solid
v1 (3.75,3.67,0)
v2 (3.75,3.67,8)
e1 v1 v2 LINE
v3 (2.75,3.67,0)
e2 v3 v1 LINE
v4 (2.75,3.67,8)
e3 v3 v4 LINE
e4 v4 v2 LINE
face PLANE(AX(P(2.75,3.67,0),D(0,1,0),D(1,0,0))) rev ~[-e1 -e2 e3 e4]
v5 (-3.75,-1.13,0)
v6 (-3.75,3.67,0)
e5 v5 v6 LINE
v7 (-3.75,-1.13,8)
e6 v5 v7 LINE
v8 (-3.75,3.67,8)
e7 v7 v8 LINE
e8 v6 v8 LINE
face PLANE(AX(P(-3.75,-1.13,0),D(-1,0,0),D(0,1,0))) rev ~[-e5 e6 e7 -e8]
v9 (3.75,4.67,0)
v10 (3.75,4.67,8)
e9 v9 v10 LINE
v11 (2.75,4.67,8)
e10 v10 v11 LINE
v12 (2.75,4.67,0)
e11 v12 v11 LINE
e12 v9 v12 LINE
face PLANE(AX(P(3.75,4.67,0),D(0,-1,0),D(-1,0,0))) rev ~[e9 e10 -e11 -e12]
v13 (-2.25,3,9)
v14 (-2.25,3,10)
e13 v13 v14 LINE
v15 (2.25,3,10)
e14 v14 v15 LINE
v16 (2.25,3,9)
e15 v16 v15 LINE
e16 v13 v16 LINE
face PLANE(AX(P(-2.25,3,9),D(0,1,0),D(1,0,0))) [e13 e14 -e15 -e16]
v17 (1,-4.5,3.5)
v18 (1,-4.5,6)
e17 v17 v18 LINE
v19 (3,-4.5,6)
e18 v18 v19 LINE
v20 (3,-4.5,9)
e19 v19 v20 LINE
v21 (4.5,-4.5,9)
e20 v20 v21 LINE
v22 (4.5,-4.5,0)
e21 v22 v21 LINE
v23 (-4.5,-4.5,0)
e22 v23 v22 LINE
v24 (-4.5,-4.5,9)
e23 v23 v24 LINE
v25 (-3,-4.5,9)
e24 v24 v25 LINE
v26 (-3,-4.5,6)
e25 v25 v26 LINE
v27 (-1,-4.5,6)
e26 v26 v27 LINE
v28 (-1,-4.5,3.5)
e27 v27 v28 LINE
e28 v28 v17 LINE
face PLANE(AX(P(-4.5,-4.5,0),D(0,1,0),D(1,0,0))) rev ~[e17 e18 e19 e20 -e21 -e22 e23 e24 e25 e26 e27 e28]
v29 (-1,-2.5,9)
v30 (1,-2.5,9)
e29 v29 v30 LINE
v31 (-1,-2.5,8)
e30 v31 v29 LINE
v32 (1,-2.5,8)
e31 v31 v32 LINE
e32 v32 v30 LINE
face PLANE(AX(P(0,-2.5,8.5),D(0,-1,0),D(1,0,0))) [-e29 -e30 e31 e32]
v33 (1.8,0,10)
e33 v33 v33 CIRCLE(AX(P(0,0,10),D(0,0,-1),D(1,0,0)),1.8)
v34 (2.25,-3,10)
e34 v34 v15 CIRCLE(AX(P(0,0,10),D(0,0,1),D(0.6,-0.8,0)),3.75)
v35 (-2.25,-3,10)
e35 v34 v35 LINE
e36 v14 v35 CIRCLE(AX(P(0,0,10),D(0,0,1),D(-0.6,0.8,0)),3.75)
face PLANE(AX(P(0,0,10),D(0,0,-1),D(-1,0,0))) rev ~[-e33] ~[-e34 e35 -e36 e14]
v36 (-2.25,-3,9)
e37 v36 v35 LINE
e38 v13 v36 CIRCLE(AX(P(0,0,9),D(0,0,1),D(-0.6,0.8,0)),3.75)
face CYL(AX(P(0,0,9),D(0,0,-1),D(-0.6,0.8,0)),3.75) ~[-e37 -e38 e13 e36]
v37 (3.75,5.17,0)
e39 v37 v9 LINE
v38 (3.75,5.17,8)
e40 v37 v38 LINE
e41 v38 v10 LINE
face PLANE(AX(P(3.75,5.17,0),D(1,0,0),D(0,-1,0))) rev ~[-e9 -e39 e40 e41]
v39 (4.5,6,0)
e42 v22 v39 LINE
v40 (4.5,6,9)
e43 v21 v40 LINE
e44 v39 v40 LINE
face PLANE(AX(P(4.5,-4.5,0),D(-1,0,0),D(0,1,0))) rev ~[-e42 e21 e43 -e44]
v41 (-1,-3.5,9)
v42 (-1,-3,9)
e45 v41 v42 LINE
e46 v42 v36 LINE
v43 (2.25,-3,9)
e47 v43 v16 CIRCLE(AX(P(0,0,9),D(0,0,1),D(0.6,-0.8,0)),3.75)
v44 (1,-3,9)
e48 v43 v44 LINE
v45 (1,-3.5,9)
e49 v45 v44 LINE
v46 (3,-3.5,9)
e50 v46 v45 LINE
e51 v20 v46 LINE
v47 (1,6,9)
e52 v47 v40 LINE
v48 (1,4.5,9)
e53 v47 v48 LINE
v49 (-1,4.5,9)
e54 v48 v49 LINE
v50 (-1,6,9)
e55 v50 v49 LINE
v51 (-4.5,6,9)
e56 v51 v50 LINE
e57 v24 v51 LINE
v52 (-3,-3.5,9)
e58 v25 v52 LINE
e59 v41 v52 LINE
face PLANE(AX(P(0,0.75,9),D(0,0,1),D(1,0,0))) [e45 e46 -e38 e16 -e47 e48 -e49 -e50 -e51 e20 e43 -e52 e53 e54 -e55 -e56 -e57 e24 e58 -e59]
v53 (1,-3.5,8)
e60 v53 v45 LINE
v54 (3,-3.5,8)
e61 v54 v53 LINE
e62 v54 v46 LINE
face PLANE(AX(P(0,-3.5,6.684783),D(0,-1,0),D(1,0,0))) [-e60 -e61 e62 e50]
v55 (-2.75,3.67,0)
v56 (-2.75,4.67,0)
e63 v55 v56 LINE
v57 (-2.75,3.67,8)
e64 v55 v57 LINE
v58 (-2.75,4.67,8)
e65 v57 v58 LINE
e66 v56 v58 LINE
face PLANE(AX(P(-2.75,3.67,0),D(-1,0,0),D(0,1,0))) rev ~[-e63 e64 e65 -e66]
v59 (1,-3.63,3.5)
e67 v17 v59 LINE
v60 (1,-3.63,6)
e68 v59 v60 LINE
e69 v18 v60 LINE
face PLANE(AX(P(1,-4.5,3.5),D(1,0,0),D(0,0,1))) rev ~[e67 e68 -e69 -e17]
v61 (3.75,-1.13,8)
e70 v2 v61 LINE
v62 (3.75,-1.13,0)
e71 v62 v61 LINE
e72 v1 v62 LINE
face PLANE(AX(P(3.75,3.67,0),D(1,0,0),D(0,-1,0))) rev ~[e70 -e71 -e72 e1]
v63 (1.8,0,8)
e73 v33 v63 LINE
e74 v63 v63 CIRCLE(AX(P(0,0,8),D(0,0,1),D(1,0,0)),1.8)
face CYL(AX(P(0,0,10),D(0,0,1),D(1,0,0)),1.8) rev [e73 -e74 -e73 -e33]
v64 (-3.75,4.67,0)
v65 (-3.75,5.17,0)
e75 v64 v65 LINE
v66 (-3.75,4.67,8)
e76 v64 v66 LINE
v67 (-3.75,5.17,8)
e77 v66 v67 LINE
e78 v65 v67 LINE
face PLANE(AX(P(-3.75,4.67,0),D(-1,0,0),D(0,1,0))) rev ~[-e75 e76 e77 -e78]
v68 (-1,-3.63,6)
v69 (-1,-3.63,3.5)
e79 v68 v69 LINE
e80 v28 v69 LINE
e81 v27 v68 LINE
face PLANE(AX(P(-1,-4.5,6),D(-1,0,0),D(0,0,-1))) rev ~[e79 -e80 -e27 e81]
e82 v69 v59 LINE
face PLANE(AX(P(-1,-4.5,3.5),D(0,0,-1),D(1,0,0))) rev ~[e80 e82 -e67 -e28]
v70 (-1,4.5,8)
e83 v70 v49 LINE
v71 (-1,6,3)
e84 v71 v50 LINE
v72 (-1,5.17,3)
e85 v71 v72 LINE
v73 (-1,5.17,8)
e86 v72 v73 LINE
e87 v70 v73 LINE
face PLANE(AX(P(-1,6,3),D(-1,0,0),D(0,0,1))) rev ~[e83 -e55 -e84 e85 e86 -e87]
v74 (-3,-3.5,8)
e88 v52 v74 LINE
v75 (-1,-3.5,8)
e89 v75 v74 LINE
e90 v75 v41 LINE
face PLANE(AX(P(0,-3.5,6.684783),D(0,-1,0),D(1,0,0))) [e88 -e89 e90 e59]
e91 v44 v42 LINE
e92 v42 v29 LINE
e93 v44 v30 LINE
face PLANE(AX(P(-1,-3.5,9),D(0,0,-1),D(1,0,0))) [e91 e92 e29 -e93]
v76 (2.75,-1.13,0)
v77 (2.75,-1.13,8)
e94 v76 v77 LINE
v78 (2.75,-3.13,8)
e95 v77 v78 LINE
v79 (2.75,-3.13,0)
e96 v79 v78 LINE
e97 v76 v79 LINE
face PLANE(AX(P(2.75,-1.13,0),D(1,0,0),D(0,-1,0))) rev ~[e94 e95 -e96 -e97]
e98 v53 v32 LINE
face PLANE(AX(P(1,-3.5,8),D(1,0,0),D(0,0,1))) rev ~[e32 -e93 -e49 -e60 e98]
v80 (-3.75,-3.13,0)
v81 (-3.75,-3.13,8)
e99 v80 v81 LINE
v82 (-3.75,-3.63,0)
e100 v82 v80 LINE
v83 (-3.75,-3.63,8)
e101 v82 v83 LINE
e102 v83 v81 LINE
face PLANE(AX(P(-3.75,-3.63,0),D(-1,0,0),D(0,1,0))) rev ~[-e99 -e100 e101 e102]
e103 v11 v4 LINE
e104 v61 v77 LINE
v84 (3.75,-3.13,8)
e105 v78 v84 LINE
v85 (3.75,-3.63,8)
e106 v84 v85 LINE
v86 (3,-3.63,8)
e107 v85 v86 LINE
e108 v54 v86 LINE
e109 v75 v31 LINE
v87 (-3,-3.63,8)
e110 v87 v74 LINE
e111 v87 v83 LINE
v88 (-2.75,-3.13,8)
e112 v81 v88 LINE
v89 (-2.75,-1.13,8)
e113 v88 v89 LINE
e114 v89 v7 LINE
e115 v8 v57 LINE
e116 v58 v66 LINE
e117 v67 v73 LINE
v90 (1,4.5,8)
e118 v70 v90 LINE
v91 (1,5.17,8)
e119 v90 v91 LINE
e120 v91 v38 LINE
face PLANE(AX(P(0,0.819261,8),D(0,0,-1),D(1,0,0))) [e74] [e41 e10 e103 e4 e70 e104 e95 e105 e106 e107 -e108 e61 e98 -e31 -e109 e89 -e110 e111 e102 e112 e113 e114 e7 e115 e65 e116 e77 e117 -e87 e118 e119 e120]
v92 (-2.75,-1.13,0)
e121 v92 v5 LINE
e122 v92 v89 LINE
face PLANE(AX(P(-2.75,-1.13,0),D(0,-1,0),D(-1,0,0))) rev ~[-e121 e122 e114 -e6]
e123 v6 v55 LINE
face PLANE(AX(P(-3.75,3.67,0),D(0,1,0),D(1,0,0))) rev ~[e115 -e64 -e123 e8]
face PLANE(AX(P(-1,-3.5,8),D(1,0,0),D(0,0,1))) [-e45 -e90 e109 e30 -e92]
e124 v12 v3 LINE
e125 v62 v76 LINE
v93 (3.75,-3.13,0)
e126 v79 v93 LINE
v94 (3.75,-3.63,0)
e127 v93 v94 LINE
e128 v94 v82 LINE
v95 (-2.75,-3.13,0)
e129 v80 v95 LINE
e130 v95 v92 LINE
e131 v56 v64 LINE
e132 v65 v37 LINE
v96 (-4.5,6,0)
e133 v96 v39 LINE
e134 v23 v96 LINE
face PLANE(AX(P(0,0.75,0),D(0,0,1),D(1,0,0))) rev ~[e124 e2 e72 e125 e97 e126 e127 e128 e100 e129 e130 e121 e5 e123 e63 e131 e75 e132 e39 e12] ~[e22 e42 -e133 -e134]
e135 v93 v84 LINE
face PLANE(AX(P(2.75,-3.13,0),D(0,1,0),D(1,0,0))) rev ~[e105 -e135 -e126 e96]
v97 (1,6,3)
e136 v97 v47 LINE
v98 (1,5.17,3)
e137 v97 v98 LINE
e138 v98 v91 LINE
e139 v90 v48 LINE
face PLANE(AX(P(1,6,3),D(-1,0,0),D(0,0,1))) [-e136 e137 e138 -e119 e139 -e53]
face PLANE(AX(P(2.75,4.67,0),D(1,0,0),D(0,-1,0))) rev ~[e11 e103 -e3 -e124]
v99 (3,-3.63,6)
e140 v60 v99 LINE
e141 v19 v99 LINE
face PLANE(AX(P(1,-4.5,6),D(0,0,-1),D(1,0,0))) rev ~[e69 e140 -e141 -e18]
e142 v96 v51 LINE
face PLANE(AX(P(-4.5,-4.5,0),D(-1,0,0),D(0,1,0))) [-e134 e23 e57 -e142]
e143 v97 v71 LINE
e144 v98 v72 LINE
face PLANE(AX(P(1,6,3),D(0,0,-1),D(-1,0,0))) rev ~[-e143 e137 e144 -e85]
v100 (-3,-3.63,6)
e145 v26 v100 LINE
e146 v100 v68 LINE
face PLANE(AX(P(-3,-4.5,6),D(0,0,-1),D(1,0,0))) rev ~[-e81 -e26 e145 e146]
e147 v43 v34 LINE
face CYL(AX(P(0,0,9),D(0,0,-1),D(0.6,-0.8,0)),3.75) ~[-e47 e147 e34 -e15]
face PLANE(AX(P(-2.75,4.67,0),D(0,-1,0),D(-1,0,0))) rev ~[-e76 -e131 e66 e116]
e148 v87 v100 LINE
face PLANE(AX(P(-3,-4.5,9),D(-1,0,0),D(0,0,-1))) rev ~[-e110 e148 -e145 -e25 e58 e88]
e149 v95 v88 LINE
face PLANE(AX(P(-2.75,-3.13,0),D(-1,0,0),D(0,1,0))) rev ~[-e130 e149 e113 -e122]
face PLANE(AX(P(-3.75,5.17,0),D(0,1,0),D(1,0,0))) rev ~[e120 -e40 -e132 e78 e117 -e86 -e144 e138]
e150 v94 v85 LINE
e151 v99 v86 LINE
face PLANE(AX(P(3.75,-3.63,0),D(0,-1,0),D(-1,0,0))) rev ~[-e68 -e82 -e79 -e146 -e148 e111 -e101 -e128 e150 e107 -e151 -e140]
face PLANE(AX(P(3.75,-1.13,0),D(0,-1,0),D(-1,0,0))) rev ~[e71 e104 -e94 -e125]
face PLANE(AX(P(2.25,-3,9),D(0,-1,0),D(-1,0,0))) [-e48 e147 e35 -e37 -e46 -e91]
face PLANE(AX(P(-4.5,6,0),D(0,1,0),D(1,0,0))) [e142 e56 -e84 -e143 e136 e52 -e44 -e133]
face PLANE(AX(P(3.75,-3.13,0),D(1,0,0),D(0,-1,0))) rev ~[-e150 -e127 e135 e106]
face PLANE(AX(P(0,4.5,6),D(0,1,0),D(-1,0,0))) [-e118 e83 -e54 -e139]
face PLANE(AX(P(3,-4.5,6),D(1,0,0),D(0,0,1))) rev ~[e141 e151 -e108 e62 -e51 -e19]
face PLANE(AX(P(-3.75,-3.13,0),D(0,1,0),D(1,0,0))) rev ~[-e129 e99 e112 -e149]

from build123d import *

# Parameters (mm, degrees)
SKETCH_W        = 9
SKETCH_H        = 10.5
PAD_DEPTH       = 9
POCKET_DEPTH    = 8
PAD001_DEPTH    = 1
SKETCH004_W     = 2
SKETCH004_H     = 6
POCKET002_DEPTH = 1.5
SKETCH007_R     = 1.8
POCKET011_DEPTH = 10.001
POCKET012_DEPTH = 1
SKETCH033_W     = 2
SKETCH033_H     = 1
POCKET013_DEPTH = 1


with BuildPart() as part:
    # Sketch → Pad (new body)
    with BuildSketch(Plane.XY):
        with Locations((0, 0.75)):
            Rectangle(SKETCH_W, SKETCH_H)
    extrude(amount=PAD_DEPTH)

    # Sketch001 (on Face5 of Pad) → Pocket (cut)
    with BuildSketch(Plane(origin=(0, 0, 0), x_dir=(1, 0, 0), z_dir=(0, 0, -1))):
        Polygon((-3.75, 3.63), (-3.75, 3.13), (-2.75, 3.13), (-2.75, 1.13), (-3.75, 1.13), (-3.75, -3.67), (-2.75, -3.67), (-2.75, -4.67), (-3.75, -4.67), (-3.75, -5.17), (3.75, -5.17), (3.75, -4.67), (2.75, -4.67), (2.75, -3.67), (3.75, -3.67), (3.75, 1.13), (2.75, 1.13), (2.75, 3.13), (3.75, 3.13), (3.75, 3.63), align=None)
    extrude(amount=-POCKET_DEPTH, mode=Mode.SUBTRACT)

    # Sketch002 (on Face5 of Pocket) → Pad001 (join)
    with BuildSketch(Plane.XY.offset(9)):
        with BuildLine():
            Line((-2.25, 3), (2.25, 3))
            ThreePointArc((2.25, -3), (3.75, 0), (2.25, 3))
            Line((2.25, -3), (-2.25, -3))
            ThreePointArc((-2.25, 3), (-3.75, 0), (-2.25, -3))
        make_face()
    extrude(amount=PAD001_DEPTH)

    # Sketch004 → Pocket002 (cut)
    with BuildSketch(Plane(origin=(0, 6, 0), x_dir=(-1, 0, 0), z_dir=(0, 1, 0))):
        with Locations((0, 6)):
            Rectangle(SKETCH004_W, SKETCH004_H)
    extrude(amount=-POCKET002_DEPTH, mode=Mode.SUBTRACT)

    # Sketch007 → Pocket011 (cut, through all)
    with BuildSketch(Plane(origin=(0, 0, 10), x_dir=(1, 0, 0), z_dir=(0, 0, -1))):
        Circle(SKETCH007_R)
    extrude(amount=POCKET011_DEPTH, mode=Mode.SUBTRACT)

    # Sketch032 (on Face9 of Pocket011) → Pocket012 (cut)
    with BuildSketch(Plane.XZ.offset(4.5)):
        Polygon((-3, 9), (-3, 6), (-1, 6), (-1, 3.5), (1, 3.5), (1, 6), (3, 6), (3, 9), align=None)
    extrude(amount=-POCKET012_DEPTH, mode=Mode.SUBTRACT)

    # Sketch033 (on Face31 of Pocket012) → Pocket013 (cut)
    with BuildSketch(Plane.XZ.offset(3.5)):
        with Locations((0, 8.5)):
            Rectangle(SKETCH033_W, SKETCH033_H)
    extrude(amount=-POCKET013_DEPTH, mode=Mode.SUBTRACT)


solid = part.part
